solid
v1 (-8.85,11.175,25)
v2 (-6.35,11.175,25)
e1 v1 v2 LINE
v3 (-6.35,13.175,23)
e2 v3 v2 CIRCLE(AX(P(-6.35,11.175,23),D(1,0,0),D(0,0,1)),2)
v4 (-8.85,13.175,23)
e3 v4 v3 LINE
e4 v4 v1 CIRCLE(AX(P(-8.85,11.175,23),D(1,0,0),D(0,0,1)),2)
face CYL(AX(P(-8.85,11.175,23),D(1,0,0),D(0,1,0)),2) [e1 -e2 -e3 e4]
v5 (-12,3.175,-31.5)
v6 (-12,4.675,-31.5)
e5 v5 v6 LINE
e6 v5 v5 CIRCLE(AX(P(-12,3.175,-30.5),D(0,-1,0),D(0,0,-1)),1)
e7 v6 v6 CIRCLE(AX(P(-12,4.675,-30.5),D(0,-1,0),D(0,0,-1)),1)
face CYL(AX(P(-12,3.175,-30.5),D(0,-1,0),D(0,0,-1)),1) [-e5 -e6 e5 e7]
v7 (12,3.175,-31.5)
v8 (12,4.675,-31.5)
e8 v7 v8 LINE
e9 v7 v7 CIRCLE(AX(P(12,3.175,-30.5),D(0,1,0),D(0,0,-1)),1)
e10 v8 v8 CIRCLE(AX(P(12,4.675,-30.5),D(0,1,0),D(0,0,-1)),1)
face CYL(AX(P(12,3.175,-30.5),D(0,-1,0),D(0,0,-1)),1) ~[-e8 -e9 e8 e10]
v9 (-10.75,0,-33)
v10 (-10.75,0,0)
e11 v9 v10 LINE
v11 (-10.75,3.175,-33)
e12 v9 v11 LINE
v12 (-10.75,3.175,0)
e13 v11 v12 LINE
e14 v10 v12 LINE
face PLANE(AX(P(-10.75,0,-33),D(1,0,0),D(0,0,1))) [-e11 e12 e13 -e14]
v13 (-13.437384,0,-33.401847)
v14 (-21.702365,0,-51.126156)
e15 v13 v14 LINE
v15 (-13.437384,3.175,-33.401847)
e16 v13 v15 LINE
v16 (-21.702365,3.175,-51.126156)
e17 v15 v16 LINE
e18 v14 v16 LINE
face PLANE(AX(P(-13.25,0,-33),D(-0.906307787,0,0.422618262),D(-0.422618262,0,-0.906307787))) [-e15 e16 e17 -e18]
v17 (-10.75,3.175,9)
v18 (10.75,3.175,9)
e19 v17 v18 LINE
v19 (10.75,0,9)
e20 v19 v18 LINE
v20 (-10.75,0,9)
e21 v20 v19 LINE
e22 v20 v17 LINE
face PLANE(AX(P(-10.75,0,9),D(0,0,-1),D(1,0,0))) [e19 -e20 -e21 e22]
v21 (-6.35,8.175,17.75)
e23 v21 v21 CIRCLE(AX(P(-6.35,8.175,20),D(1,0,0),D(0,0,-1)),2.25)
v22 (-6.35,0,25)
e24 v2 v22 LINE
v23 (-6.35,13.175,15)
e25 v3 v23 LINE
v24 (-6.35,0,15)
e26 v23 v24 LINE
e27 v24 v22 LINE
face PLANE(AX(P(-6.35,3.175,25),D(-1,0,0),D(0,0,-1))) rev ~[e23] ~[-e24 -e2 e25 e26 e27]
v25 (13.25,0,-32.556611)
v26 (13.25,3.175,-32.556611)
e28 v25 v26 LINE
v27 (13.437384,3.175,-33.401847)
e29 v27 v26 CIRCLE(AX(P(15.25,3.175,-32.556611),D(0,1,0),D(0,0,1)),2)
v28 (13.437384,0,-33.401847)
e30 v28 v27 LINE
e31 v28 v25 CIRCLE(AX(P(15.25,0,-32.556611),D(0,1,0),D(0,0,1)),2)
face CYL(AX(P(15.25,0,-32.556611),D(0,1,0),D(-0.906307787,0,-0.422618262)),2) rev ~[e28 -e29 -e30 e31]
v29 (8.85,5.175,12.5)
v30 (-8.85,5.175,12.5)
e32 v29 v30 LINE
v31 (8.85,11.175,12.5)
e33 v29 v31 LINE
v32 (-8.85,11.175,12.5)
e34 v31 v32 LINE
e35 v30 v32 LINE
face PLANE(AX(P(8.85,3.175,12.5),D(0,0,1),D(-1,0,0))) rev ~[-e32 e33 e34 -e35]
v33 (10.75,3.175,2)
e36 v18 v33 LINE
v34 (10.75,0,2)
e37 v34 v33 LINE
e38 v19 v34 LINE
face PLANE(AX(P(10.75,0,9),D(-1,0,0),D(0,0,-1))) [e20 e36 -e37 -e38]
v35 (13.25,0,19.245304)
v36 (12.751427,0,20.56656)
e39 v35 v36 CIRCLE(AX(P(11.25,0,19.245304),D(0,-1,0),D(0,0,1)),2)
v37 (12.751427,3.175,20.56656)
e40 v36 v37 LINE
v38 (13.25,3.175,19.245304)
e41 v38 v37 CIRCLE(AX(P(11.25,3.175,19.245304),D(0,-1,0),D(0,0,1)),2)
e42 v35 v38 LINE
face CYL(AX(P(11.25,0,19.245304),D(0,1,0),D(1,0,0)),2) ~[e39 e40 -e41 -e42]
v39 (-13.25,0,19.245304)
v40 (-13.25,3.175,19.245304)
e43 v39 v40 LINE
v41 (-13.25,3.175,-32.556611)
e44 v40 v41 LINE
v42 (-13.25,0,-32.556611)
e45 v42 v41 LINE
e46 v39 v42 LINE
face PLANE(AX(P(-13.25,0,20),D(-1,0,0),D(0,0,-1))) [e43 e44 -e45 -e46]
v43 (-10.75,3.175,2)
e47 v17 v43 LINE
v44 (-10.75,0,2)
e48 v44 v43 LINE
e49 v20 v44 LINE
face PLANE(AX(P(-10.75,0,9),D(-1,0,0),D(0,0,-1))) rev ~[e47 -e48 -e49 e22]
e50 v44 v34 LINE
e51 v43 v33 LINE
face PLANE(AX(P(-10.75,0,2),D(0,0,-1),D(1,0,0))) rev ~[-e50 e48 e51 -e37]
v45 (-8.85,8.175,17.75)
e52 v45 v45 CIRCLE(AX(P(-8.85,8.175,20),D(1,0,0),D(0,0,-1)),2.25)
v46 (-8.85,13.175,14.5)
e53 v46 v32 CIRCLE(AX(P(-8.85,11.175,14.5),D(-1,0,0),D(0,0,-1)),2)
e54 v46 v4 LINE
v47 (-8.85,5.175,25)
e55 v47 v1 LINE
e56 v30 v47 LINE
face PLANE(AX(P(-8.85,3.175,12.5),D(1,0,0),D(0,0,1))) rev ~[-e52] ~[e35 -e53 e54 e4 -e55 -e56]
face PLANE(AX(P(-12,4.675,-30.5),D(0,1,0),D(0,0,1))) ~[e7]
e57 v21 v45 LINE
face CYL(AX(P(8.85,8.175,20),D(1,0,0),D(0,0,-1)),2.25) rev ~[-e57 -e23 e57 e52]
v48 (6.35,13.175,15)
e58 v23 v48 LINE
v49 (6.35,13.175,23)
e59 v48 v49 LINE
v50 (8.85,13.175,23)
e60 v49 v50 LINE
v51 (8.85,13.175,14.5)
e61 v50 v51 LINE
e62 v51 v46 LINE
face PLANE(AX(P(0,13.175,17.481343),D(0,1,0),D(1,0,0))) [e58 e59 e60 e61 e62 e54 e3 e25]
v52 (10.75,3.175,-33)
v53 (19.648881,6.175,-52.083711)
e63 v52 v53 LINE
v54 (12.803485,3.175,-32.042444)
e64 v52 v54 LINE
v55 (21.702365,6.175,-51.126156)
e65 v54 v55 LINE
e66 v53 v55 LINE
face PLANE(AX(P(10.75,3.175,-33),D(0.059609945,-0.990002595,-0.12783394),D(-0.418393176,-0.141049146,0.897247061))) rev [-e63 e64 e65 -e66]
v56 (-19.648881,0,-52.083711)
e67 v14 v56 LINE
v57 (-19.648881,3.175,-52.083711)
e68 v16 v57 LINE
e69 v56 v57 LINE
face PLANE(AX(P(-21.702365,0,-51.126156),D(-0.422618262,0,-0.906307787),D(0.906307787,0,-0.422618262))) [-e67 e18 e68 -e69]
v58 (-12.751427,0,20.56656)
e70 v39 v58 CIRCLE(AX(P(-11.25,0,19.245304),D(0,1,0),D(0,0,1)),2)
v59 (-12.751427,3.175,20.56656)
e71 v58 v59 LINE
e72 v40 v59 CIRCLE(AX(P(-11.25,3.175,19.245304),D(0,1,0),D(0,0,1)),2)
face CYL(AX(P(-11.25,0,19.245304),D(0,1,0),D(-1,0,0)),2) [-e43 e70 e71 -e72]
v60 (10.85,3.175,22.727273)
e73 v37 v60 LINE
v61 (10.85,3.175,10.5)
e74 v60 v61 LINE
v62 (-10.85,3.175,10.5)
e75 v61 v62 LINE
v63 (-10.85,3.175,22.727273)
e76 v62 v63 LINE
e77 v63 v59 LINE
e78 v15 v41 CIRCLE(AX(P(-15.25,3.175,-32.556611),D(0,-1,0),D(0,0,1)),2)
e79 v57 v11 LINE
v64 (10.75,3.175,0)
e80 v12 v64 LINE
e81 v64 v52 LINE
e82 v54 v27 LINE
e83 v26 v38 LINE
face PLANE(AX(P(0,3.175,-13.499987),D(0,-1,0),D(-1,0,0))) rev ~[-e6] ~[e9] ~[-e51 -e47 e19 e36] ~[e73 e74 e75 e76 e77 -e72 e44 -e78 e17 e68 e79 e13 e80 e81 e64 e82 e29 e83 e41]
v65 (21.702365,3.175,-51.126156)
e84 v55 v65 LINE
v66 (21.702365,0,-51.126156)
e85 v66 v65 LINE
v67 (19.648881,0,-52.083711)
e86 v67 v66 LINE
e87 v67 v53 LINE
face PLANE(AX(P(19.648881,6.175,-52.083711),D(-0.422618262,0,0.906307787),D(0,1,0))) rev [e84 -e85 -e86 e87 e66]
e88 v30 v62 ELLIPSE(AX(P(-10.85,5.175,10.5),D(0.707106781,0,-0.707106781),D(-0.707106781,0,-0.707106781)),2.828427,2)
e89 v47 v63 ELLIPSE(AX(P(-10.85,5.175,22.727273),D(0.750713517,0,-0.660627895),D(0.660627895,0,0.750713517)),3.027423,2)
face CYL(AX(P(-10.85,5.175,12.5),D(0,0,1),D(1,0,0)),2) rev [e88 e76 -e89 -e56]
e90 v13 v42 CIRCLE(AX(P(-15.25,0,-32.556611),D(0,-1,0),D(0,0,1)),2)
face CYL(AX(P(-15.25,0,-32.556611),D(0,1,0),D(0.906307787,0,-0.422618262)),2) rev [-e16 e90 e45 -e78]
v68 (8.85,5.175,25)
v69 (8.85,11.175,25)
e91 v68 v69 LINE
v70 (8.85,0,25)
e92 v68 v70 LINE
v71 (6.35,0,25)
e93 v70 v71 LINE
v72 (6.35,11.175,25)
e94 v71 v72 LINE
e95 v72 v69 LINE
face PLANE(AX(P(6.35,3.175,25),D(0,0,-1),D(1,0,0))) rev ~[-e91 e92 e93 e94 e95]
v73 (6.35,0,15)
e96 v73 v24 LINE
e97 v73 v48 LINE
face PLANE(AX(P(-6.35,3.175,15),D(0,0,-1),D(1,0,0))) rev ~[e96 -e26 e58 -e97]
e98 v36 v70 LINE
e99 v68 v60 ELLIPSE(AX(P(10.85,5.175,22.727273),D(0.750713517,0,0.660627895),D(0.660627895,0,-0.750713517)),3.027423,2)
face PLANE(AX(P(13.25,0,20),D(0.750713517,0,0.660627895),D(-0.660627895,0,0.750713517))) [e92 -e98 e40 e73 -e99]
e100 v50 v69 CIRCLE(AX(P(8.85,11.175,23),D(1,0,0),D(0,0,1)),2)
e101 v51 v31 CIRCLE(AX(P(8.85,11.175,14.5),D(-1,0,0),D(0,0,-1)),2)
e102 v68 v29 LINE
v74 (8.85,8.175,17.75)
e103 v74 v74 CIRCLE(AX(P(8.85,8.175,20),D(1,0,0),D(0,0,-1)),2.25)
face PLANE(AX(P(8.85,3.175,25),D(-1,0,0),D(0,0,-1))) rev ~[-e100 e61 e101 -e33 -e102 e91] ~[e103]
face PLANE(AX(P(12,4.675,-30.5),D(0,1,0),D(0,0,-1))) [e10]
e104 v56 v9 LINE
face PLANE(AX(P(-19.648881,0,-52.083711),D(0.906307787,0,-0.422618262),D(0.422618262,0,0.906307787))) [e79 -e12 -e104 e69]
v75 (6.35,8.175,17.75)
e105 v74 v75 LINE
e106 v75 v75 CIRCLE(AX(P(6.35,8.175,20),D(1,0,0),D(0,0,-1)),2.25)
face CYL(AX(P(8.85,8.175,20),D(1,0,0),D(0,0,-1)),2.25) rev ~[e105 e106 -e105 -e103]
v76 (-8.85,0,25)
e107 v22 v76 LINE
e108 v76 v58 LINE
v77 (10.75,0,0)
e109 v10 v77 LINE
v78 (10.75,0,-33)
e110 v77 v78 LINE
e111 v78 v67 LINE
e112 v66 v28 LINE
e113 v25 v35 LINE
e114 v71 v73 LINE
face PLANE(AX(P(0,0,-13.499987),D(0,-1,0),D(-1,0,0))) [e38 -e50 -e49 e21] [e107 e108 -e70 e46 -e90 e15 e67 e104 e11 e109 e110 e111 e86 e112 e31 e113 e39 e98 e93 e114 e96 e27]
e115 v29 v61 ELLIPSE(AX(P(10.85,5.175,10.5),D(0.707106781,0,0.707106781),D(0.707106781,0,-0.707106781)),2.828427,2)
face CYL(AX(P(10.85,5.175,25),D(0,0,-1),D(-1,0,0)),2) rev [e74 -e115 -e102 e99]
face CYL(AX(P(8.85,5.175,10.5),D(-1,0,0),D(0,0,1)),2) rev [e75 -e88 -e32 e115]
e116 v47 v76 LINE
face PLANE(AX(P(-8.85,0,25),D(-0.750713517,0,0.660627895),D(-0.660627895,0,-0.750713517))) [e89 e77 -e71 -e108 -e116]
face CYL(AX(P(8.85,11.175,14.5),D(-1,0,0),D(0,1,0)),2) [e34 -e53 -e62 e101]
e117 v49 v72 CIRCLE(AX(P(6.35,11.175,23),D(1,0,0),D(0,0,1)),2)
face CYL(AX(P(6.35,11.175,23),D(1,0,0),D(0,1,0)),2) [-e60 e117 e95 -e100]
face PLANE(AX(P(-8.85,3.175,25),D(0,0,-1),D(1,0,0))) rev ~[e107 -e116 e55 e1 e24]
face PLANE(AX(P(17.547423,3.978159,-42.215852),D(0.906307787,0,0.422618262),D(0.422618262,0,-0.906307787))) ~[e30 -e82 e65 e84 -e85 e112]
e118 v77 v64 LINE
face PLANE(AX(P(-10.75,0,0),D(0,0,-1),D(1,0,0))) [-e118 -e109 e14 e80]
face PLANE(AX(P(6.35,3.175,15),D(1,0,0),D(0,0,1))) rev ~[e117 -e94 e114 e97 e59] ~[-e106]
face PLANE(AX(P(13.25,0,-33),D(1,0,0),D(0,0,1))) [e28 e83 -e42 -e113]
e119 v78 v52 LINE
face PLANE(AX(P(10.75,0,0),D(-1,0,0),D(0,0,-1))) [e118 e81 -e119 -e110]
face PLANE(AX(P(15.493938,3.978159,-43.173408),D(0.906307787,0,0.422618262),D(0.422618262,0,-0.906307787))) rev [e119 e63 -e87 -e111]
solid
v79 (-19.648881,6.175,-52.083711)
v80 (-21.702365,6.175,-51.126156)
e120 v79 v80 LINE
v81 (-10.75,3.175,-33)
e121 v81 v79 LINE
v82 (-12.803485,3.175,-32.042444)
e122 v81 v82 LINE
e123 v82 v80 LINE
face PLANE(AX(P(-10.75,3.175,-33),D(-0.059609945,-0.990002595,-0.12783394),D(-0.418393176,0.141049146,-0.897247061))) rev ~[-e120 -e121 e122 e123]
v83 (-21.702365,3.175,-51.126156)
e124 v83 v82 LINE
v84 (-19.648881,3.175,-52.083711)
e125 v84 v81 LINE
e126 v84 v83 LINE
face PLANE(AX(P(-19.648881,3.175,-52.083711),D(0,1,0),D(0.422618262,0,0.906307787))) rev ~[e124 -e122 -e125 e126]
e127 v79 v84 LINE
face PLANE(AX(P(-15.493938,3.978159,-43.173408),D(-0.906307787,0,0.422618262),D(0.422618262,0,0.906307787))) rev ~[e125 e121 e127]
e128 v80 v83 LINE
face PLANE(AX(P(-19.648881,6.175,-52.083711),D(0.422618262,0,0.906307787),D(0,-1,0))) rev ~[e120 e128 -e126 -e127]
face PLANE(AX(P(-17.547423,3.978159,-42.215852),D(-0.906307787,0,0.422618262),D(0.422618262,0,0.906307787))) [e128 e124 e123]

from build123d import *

# Parameters (mm, degrees)
SKETCH1_W           = 21.5
SKETCH1_H           = 7.000000000000002
BOSS_EXTRUDE1_DEPTH = 3.175
SKETCH5_R           = 1.0000000000000018
BOSS_EXTRUDE4_DEPTH = 1.5
BOSS_EXTRUDE2_DEPTH = 2.265769468
BOSS_EXTRUDE3_DEPTH = 10
SKETCH4_R           = 2.250000000000002
CUT_EXTRUDE1_DEPTH  = 62.804050261181395
FILLET1_R           = 2


with BuildPart() as part:
    # Sketch1 → Boss-Extrude1 (new body)
    with BuildSketch(Plane(origin=(0, 0, 0), x_dir=(1, 0, 0), z_dir=(0, 1, 0))):
        Polygon((10.75, 0), (10.750000000000005, 33), (19.64888072270585, 52.0837112946317), (21.702365234814028, 51.126155740732976), (13.250000000000009, 33), (13.250000000000002, -20), (8.85, -25), (6.3500000000000005, -25), (6.3500000000000005, -15), (-6.3500000000000005, -15), (-6.3500000000000005, -25), (-8.85, -25), (-13.250000000000002, -20), (-13.250000000000009, 33), (-21.702365234814028, 51.126155740732976), (-19.64888072270585, 52.0837112946317), (-10.750000000000005, 33), (-10.75, 0), align=None)
        with Locations((0, -5.500000000000001)):
            Rectangle(SKETCH1_W, SKETCH1_H, mode=Mode.SUBTRACT)
    extrude(amount=BOSS_EXTRUDE1_DEPTH)

    # Sketch5 → Boss-Extrude4 (add)
    with BuildSketch(Plane(origin=(0, 3.175, 0), x_dir=(1, 0, 0), z_dir=(0, 1, 0))):
        with Locations(Location((12.000000000000007, 30.500000000000004, 0), (0, 0, 90))):
            Circle(SKETCH5_R)
    boss_extrude4 = extrude(amount=BOSS_EXTRUDE4_DEPTH)


with BuildPart() as body_2:
    # Sketch2 → Boss-Extrude2 (new body)
    with BuildSketch(Plane(origin=(3.8097499093980356, 0, -1.776515558407624), x_dir=(-0.42261826174070105, 0, -0.9063077870366492), z_dir=(0.9063077870366493, 0, -0.4226182617407011))):
        Polygon((34.451303285921966, 3.175), (55.50784894027372, 6.175), (55.50784894027372, 3.175), align=None)
    boss_extrude2 = extrude(amount=-BOSS_EXTRUDE2_DEPTH)


with BuildPart() as part_1:
    add(part.part)

    # Mirror4: Boss-Extrude4, Boss-Extrude2 across plane
    add(boss_extrude4.mirror(Plane(origin=(0, 0, 0), x_dir=(0, 0, 1), z_dir=(1, 0, 0))))
    add(boss_extrude2.mirror(Plane(origin=(0, 0, 0), x_dir=(0, 0, 1), z_dir=(1, 0, 0))))

    # Sketch3 → Boss-Extrude3 (add)
    with BuildSketch(Plane(origin=(0, 3.175, 0), x_dir=(1, 0, 0), z_dir=(0, 1, 0))):
        Polygon((-6.350000000000001, -15), (6.350000000000001, -15), (6.3500000000000005, -25), (8.850000000000003, -25), (8.850000000000003, -15), (8.850000000000003, -12.499999999999996), (-8.850000000000003, -12.499999999999996), (-8.850000000000003, -15), (-8.850000000000003, -25), (-6.3500000000000005, -25), align=None)
    extrude(amount=BOSS_EXTRUDE3_DEPTH)

    # Sketch4 → Cut-Extrude1 (cut, through all)
    with BuildSketch(Plane(origin=(8.850000000000003, 0, 0), x_dir=(0, 0, -1), z_dir=(1, 0, 0))):
        with Locations((-19.999999999999982, 8.175)):
            Circle(SKETCH4_R)
    extrude(amount=-CUT_EXTRUDE1_DEPTH, mode=Mode.SUBTRACT)

    # Fillet1
    fillet1_edges = [part_1.edges().sort_by_distance(p)[0] for p in [
        (13.250000000000009, 1.5875, -33),
        (13.250000000000002, 1.5875, 20),
        (-13.250000000000002, 1.5875, 20),
        (-13.250000000000009, 1.5875, -33),
        (8.850000000000003, 3.175, 18.75),
        (0, 3.175, 12.499999999999996),
        (-8.850000000000003, 3.175, 18.75),
        (0, 13.175, 12.499999999999996),
        (-7.600000000000001, 13.175, 25),
        (7.600000000000001, 13.175, 25),
    ]]
    fillet(fillet1_edges, radius=FILLET1_R)


solid = Compound([body_2.part, part_1.part])
